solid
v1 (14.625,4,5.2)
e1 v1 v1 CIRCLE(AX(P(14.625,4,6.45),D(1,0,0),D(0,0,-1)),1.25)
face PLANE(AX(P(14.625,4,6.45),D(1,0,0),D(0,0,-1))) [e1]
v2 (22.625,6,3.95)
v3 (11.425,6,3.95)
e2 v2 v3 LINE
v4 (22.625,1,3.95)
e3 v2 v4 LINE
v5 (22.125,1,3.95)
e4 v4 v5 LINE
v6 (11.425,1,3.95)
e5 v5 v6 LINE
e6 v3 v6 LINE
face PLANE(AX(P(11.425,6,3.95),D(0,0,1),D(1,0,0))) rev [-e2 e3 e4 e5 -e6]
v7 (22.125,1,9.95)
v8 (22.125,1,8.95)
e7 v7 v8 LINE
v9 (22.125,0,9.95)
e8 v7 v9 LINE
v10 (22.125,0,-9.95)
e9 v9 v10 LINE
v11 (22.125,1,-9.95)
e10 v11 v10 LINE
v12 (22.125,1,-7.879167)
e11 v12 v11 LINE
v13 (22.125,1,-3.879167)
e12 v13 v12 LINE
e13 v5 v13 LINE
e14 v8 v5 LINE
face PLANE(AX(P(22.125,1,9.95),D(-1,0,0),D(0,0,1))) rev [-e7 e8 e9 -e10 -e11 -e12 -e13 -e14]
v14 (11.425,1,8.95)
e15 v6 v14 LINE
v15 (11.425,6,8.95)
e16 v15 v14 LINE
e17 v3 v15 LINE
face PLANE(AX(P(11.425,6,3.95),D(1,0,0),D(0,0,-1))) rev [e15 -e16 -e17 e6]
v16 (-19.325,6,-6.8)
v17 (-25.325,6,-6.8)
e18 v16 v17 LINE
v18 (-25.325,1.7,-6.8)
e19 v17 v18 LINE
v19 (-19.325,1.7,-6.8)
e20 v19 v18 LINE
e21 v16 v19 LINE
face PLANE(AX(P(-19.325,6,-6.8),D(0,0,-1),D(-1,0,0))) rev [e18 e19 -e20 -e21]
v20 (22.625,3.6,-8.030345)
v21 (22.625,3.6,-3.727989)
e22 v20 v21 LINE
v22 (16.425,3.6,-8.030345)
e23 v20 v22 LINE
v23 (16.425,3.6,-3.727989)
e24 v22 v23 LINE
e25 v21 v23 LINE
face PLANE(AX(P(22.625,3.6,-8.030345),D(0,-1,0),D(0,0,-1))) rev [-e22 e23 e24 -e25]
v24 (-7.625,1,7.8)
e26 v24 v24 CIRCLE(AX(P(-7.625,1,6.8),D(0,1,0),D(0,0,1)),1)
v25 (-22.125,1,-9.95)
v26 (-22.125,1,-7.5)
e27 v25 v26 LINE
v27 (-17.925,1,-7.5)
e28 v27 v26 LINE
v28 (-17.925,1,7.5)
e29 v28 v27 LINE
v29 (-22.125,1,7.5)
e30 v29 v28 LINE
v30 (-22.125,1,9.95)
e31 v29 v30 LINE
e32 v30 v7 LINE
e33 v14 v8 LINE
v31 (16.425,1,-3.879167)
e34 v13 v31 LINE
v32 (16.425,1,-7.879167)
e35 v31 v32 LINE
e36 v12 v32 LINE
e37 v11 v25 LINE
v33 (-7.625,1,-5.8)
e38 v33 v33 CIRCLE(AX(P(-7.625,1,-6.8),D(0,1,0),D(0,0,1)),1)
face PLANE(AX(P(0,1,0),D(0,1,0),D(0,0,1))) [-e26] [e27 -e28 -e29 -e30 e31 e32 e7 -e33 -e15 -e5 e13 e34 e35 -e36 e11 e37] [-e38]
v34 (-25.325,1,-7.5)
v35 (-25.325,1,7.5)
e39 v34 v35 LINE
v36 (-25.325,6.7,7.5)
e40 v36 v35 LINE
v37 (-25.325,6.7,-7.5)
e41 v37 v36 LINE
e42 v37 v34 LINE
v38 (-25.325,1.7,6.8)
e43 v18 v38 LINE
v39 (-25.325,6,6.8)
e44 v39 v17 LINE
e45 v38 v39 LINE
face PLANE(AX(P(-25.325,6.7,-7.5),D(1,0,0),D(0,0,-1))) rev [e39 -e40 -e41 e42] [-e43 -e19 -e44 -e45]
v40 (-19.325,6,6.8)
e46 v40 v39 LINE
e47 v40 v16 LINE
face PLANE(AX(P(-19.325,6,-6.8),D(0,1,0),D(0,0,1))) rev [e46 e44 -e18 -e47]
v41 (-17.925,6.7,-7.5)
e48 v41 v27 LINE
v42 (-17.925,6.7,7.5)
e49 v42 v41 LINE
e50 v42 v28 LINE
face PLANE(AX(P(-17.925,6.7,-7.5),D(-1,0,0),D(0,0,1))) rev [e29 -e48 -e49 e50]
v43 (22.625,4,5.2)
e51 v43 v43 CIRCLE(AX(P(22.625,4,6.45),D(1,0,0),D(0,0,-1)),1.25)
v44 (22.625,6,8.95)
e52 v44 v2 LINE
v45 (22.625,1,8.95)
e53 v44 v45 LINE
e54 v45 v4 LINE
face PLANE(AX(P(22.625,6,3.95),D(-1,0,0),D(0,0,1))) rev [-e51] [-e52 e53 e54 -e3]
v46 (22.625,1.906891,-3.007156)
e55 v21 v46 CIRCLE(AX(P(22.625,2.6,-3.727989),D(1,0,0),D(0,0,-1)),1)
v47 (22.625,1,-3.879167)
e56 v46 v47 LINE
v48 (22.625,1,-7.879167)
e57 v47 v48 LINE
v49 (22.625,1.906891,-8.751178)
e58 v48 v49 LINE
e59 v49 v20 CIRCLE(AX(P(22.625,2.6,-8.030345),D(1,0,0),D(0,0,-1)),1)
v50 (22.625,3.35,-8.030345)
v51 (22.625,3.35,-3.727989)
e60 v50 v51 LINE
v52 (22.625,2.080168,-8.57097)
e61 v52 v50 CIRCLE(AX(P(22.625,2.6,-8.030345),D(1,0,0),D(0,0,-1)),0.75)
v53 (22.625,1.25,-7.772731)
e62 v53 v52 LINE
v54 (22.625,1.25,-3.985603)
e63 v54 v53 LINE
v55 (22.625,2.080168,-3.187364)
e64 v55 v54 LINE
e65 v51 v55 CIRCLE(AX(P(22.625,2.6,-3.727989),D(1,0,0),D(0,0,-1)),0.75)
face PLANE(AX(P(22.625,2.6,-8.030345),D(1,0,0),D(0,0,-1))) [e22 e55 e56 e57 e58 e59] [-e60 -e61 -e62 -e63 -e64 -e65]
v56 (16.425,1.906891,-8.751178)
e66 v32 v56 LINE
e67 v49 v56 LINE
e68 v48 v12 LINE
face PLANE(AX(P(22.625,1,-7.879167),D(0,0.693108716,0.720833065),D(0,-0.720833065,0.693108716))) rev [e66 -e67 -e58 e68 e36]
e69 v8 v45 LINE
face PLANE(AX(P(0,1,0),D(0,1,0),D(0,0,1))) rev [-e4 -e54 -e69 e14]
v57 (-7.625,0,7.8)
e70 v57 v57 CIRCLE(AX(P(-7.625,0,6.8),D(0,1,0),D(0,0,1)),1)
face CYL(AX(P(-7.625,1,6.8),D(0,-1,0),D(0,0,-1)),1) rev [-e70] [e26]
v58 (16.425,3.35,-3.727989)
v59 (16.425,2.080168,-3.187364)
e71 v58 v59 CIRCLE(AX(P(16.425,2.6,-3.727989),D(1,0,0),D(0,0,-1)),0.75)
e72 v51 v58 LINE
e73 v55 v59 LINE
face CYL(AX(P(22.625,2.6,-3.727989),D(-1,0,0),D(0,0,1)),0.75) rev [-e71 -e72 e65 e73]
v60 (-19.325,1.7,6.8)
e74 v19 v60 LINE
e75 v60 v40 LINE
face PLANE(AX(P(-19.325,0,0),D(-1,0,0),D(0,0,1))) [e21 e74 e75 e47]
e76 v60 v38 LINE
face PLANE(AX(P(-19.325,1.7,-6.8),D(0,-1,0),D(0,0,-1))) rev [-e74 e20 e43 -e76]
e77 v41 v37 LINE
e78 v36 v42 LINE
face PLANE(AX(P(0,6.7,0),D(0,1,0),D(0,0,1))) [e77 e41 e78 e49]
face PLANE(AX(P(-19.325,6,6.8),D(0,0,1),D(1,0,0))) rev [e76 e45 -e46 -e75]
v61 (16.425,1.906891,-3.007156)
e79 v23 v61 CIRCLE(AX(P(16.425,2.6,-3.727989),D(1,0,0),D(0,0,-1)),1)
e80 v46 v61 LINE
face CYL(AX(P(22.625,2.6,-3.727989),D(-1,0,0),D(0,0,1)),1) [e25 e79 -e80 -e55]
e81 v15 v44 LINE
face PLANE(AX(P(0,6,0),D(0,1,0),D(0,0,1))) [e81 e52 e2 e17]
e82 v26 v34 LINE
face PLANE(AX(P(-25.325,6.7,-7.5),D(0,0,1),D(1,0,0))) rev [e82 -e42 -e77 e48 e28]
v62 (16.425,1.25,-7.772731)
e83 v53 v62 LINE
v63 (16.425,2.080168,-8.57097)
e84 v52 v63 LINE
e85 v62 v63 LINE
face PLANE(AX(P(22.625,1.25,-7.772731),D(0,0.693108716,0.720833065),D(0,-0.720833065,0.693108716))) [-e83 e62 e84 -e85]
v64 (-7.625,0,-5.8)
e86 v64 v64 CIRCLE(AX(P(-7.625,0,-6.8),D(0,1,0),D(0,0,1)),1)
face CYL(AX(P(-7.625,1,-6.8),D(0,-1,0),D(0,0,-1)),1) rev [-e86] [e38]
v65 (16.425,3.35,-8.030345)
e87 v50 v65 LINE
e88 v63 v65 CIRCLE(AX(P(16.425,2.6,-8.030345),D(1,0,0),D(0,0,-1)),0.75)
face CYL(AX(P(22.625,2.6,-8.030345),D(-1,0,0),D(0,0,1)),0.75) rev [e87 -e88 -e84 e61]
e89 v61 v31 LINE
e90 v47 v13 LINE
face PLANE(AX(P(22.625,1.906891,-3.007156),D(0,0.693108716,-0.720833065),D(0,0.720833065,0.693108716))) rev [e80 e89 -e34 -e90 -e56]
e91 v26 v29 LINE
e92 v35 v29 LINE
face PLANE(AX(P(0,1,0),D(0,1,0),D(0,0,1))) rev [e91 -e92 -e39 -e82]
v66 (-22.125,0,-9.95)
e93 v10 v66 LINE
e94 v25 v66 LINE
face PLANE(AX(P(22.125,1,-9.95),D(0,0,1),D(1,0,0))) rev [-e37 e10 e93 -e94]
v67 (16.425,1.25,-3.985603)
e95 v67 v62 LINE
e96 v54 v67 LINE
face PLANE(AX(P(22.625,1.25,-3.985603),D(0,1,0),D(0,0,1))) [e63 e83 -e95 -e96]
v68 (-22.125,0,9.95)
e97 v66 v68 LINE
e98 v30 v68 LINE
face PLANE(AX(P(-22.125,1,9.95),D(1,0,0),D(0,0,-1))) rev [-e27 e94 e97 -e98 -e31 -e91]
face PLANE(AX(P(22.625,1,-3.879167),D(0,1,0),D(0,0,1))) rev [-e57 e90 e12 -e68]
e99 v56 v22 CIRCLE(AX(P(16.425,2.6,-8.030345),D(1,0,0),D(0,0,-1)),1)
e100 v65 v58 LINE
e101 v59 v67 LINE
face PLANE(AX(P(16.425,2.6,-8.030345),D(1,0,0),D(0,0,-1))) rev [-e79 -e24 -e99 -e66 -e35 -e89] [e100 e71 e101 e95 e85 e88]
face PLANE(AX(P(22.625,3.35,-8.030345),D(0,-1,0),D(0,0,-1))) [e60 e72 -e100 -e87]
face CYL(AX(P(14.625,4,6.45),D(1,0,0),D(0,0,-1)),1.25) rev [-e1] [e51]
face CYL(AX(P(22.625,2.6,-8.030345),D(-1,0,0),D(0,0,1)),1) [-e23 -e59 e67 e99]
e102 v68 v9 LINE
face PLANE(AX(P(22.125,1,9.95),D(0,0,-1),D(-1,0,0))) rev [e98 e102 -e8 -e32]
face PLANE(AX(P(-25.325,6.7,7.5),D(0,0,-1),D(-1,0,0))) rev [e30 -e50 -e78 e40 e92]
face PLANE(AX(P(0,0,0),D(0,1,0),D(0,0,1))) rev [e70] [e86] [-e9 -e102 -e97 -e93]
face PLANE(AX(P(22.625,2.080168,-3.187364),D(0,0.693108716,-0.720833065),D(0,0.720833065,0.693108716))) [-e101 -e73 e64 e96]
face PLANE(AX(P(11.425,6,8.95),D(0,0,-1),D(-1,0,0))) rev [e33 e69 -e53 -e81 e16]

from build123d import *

# Parameters (mm, degrees)
SKETCH1_W                = 44.25
SKETCH1_H                = 19.9
SKETCH1_R                = 1
BOSS_EXTRUDE1_DEPTH      = 1
SKETCH2_W                = 7.4
SKETCH2_H                = 15
BOSS_EXTRUDE2_DEPTH      = 5.7
SKETCH3_W                = 13.6
SKETCH3_H                = 4.3
CUT_EXTRUDE1_DEPTH       = 6
SKETCH4_W                = 11.2
SKETCH4_H                = 5
BOSS_EXTRUDE3_DEPTH      = 5
SKETCH5_R                = 1.25
CUT_EXTRUDE2_DEPTH       = 8
BOSS_EXTRUDE4_DEPTH      = 0.5
BOSS_EXTRUDE4_DEPTH_BACK = 5.7


with BuildPart() as part:
    # Sketch1 → Boss-Extrude1 (new body)
    with BuildSketch(Plane(origin=(0, 0, 0), x_dir=(1, 0, 0), z_dir=(0, 1, 0))):
        Rectangle(SKETCH1_W, SKETCH1_H)
        with Locations(Location((-7.625, 6.8, 0), (0, 0, 270))):
            Circle(SKETCH1_R, mode=Mode.SUBTRACT)
        with Locations(Location((-7.625, -6.8, 0), (0, 0, 270))):
            Circle(SKETCH1_R, mode=Mode.SUBTRACT)
    extrude(amount=BOSS_EXTRUDE1_DEPTH)

    # Sketch2 → Boss-Extrude2 (add)
    with BuildSketch(Plane(origin=(0, 1, 0), x_dir=(1, 0, 0), z_dir=(0, 1, 0))):
        with Locations((-21.625, 0)):
            Rectangle(SKETCH2_W, SKETCH2_H)
    extrude(amount=BOSS_EXTRUDE2_DEPTH)

    # Sketch3 → Cut-Extrude1 (cut)
    with BuildSketch(Plane.ZY.offset(25.325)):
        with Locations((0, 3.85)):
            Rectangle(SKETCH3_W, SKETCH3_H)
    extrude(amount=-CUT_EXTRUDE1_DEPTH, mode=Mode.SUBTRACT)

    # Sketch4 → Boss-Extrude3 (add)
    with BuildSketch(Plane(origin=(0, 1, 0), x_dir=(1, 0, 0), z_dir=(0, 1, 0))):
        with Locations((17.025, -6.45)):
            Rectangle(SKETCH4_W, SKETCH4_H)
    extrude(amount=BOSS_EXTRUDE3_DEPTH)

    # Sketch5 → Cut-Extrude2 (cut)
    with BuildSketch(Plane(origin=(22.625, 0, 0), x_dir=(0, 0, -1), z_dir=(1, 0, 0))):
        with Locations((-6.45, 4)):
            Circle(SKETCH5_R)
    extrude(amount=-CUT_EXTRUDE2_DEPTH, mode=Mode.SUBTRACT)

    # Sketch6 → Boss-Extrude4 (add, two sides: drawn at the far end of the back side and taken through both)
    with BuildSketch(Plane(origin=(22.125, 0, 0), x_dir=(0, 0, -1), z_dir=(1, 0, 0)).offset(-BOSS_EXTRUDE4_DEPTH_BACK)):
        with BuildLine():
            Line((3.879166952, 1), (7.879166952, 1))
            Line((7.879166952, 1), (8.751177801, 1.906891284))
            ThreePointArc((8.751177801, 1.906891284), (8.950428623, 2.991721383), (8.030344737, 3.6))
            Line((8.030344737, 3.6), (3.727989167, 3.6))
            ThreePointArc((3.727989167, 3.6), (2.80790528, 2.991721383), (3.007156102, 1.906891284))
            Line((3.007156102, 1.906891284), (3.879166952, 1))
        make_face()
        with BuildLine():
            Line((3.985603275, 1.25), (7.772730629, 1.25))
            Line((7.772730629, 1.25), (8.570969535, 2.080168463))
            ThreePointArc((8.570969535, 2.080168463), (8.720407651, 2.893791037), (8.030344737, 3.35))
            Line((8.030344737, 3.35), (3.727989167, 3.35))
            ThreePointArc((3.727989167, 3.35), (3.037926252, 2.893791037), (3.187364368, 2.080168463))
            Line((3.187364368, 2.080168463), (3.985603275, 1.25))
        make_face(mode=Mode.SUBTRACT)
    extrude(amount=BOSS_EXTRUDE4_DEPTH + BOSS_EXTRUDE4_DEPTH_BACK)


solid = part.part
